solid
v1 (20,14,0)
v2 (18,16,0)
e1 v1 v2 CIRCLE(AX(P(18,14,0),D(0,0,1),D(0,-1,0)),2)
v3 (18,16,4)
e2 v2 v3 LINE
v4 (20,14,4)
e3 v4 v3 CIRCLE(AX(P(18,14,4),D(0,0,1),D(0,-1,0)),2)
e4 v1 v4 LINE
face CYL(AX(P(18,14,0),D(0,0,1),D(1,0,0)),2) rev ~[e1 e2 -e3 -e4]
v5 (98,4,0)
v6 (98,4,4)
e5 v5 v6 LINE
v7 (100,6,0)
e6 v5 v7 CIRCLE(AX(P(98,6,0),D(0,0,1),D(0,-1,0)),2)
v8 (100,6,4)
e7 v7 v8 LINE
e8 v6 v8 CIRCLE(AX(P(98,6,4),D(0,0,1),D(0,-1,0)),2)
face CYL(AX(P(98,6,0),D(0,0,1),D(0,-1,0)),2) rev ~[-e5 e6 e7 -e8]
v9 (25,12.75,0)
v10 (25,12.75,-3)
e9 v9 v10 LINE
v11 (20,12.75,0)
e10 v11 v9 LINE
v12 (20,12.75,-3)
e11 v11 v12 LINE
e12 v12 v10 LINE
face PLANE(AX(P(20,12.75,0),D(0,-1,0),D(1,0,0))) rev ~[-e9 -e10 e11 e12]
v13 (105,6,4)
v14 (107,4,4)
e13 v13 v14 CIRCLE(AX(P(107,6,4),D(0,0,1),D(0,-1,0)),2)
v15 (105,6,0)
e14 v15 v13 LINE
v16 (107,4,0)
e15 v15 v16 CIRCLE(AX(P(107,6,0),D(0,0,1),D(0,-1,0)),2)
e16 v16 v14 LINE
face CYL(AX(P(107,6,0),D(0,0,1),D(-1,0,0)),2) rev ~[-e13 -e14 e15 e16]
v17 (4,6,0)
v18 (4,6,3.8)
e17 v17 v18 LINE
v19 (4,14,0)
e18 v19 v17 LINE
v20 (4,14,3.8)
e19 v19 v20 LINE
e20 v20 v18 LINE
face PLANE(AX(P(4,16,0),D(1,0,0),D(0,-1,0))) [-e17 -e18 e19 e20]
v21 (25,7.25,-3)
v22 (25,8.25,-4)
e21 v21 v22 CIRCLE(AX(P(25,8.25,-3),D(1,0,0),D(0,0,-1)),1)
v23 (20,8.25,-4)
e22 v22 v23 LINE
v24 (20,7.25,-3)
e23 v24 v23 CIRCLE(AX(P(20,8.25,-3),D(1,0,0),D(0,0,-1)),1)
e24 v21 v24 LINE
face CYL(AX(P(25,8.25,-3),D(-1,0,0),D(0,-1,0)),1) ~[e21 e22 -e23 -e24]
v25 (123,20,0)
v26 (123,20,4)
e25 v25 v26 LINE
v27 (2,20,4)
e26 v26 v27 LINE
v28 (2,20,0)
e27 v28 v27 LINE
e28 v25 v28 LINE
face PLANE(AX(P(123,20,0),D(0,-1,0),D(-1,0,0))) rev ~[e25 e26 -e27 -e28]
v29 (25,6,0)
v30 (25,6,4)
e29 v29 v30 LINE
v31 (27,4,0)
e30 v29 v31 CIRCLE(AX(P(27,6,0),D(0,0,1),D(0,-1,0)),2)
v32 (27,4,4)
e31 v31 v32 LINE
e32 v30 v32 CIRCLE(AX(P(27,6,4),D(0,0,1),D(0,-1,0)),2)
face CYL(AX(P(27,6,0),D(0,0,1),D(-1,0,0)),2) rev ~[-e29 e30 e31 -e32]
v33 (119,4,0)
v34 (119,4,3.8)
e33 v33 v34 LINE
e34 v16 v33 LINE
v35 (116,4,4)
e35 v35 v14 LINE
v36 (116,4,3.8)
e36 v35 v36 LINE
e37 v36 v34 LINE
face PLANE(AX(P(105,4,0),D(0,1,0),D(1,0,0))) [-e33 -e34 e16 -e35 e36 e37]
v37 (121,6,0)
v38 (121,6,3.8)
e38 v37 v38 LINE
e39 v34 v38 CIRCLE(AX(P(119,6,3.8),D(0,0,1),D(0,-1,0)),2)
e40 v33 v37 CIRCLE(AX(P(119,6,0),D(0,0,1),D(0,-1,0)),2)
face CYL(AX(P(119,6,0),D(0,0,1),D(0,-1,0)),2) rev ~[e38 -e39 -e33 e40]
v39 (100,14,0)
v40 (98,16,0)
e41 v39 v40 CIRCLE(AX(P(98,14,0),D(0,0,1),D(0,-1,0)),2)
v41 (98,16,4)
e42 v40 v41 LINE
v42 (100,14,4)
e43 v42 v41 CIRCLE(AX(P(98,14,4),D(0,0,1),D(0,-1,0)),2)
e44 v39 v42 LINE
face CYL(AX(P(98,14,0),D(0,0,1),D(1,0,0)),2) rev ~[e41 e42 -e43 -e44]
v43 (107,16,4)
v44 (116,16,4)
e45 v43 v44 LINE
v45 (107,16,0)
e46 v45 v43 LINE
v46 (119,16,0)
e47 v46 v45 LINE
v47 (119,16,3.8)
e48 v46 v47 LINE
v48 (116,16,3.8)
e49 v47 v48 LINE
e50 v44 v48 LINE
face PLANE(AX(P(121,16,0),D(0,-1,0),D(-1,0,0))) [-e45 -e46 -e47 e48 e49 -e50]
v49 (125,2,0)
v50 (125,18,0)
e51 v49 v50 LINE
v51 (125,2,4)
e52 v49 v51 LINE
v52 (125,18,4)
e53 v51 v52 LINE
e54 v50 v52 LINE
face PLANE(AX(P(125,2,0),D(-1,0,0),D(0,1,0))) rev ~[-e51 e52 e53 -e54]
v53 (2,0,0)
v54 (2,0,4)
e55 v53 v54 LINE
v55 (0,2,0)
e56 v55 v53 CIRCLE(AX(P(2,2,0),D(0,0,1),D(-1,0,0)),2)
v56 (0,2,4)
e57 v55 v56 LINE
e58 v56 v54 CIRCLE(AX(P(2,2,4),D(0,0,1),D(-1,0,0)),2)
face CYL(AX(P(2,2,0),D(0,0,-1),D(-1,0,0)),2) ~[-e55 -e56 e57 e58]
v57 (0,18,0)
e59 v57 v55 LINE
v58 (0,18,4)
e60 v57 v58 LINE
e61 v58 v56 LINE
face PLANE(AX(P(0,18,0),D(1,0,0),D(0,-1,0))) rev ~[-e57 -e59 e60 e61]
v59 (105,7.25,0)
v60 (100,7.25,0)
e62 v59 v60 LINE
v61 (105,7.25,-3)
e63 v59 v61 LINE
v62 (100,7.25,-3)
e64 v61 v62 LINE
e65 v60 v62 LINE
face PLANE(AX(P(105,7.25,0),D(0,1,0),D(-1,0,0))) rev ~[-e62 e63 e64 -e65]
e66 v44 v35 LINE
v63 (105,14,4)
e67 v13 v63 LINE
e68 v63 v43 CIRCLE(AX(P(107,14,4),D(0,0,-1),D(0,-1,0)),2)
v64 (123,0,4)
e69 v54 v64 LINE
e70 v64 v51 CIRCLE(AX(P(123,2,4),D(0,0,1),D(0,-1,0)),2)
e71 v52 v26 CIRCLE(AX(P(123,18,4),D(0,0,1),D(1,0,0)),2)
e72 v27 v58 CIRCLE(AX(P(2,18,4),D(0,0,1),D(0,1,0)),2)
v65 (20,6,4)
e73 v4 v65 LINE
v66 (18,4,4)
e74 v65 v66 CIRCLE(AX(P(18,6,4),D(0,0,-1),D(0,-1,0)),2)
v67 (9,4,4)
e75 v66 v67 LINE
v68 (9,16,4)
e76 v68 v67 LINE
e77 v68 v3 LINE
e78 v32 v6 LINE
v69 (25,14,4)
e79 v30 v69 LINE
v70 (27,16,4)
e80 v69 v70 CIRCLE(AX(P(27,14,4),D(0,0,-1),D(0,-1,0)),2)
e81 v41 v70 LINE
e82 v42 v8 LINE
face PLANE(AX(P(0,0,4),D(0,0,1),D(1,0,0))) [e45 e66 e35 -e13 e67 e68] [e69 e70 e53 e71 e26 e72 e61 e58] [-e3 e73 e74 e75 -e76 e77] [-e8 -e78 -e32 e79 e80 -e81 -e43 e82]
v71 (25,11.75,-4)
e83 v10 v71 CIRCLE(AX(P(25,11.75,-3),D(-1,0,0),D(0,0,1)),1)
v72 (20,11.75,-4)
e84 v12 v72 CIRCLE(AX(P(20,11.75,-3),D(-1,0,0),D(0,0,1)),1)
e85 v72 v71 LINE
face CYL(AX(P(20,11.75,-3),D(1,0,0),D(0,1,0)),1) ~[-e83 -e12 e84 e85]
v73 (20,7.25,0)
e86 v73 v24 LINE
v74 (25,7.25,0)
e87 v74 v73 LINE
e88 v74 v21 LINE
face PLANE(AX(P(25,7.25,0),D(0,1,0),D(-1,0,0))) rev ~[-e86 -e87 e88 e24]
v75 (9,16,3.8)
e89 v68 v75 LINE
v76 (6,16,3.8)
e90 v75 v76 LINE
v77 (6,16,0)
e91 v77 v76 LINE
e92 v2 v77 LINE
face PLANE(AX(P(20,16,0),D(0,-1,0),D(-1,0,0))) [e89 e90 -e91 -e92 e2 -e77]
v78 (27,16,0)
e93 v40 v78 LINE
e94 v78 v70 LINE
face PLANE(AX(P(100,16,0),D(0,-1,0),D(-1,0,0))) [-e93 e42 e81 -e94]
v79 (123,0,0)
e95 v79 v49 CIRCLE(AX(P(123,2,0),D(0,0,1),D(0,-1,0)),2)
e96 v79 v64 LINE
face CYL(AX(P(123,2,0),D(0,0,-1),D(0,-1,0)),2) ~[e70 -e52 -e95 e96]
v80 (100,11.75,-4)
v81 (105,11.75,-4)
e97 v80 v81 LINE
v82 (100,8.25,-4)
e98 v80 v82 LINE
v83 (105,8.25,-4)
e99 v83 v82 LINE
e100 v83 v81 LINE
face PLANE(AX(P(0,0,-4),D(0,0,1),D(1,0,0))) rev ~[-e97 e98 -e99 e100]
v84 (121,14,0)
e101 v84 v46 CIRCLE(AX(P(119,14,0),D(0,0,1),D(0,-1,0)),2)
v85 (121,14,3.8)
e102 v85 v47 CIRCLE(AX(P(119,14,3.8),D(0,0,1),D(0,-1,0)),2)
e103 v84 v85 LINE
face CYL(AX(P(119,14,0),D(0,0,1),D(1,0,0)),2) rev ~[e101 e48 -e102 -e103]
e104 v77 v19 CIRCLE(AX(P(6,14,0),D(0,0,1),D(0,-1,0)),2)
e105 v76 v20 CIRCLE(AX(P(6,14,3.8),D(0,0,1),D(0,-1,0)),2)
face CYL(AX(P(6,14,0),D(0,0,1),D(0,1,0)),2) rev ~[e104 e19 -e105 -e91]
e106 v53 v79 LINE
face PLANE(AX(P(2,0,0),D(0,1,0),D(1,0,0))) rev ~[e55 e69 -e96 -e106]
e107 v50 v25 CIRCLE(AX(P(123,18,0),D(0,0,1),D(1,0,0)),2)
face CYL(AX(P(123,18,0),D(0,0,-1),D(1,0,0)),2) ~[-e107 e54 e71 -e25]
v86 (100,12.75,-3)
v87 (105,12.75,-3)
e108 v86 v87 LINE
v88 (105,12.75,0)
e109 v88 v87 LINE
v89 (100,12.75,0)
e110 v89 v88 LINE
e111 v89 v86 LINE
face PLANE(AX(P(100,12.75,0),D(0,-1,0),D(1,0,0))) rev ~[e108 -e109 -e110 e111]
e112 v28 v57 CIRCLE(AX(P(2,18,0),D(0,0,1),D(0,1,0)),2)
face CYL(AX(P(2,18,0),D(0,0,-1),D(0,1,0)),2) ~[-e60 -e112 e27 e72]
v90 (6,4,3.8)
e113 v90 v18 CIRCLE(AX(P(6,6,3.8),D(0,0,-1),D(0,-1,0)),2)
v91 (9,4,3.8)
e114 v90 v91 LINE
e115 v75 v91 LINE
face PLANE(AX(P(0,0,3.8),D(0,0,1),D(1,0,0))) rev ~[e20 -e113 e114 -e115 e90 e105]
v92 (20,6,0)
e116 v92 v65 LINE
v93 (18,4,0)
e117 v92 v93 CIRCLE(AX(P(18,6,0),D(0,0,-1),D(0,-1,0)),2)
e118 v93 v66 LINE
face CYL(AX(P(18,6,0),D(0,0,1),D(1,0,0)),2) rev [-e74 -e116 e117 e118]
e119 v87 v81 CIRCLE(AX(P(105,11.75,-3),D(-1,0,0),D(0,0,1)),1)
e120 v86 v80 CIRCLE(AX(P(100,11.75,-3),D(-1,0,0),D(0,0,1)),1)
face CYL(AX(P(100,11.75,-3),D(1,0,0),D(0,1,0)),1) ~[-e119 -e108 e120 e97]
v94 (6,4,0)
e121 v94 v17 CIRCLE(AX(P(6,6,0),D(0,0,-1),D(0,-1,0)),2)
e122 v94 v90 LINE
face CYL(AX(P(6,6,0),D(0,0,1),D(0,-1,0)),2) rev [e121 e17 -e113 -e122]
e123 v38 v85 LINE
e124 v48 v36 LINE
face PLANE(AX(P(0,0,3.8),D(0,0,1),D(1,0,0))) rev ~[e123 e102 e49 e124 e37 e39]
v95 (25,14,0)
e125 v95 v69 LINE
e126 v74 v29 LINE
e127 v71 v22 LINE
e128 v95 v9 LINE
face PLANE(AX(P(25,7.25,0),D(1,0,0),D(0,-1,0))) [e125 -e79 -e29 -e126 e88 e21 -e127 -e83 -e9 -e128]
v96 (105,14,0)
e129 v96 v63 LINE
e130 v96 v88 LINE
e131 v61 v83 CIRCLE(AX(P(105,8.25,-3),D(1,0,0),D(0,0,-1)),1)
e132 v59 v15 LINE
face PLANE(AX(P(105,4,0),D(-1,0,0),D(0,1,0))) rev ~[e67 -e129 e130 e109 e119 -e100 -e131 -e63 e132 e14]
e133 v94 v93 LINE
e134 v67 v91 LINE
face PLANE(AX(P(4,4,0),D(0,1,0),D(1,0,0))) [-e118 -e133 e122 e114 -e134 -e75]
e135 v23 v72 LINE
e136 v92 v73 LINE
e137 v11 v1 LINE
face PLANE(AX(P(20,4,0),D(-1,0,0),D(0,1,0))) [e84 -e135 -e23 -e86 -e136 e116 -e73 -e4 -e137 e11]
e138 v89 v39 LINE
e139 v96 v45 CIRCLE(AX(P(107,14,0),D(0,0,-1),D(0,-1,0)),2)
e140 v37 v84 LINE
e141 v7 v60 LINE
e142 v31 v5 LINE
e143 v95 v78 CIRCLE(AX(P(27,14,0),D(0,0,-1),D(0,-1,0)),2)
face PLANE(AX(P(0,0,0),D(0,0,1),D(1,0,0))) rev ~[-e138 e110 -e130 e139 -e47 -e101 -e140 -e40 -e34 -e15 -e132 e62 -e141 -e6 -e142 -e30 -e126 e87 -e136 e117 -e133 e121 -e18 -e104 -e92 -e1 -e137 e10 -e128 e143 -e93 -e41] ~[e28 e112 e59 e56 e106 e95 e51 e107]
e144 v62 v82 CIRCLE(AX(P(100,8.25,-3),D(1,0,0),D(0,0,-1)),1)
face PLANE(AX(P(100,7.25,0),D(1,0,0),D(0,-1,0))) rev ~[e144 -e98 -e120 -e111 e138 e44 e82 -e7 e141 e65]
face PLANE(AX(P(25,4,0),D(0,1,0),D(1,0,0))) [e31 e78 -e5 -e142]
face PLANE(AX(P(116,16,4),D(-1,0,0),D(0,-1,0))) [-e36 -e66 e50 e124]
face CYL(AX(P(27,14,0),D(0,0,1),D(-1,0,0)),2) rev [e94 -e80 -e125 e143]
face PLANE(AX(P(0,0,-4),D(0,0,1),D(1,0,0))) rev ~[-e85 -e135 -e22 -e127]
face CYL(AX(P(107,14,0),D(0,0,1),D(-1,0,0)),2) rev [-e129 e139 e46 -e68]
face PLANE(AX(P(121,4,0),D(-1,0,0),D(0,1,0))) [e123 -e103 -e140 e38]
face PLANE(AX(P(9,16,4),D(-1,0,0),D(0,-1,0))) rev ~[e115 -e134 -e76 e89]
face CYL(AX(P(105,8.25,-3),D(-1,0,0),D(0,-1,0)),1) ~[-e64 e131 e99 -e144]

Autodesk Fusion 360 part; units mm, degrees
sketch "Sketch1" plane through (0, 0, 0) normal (0, 0, 1) x (1, 0, 0)
  line L0 (2, 0) -> (123, 0)
  line L1 (125, 2) -> (125, 18)
  line L2 (123, 20) -> (2, 20)
  line L3 (0, 18) -> (0, 2)
  arc A0 (2, 20) -> (0, 18) centre (2, 18) ccw
  arc A1 (0, 2) -> (2, 0) centre (2, 2) ccw
  arc A2 (123, 0) -> (125, 2) centre (123, 2) ccw
  arc A3 (125, 18) -> (123, 20) centre (123, 18) ccw
  line L4 (4, 4) -> (121, 4)
  line L5 (121, 4) -> (121, 16)
  line L6 (121, 16) -> (4, 16)
  line L7 (4, 16) -> (4, 4)
  line L8 (20, 16) -> (25, 16)
  line L9 (25, 16) -> (25, 4)
  line L10 (25, 4) -> (20, 4)
  line L11 (20, 4) -> (20, 16)
  line L12 (62.5, 0) -> (62.5, 20) construction
  line L13 (105, 4) -> (105, 16)
  line L14 (105, 16) -> (100, 16)
  line L15 (100, 4) -> (105, 4)
  line L16 (100, 16) -> (100, 4)
  line L17 (20, 12.75) -> (105, 12.75)
  line L18 (105, 12.75) -> (105, 7.25)
  line L19 (105, 7.25) -> (20, 7.25)
  line L20 (20, 7.25) -> (20, 12.75)
  line L21 (20, 12.75) -> (105, 7.25) construction
  line L22 (105, 12.75) -> (20, 7.25) construction
  line L23 (9, 16) -> (9, 4)
  line L24 (116, 16) -> (116, 4)
  point P0 (125, 0)
  point P1 (0, 20)
  point P2 (62.5, 10)
  dimension "d1" = 125
  dimension "d2" = 20
  dimension "d3" = 2
  dimension "d4" = -4
  dimension "d5" = 5
  dimension "d7" = 80
  dimension "d16" = 5.5
  dimension "d23" = 5
  dimension "d24" = 5
extrude "Extrude1" add sketch "Sketch1" along normal blind 4 contours L0 L1 L2 L3 A0 A1 A2 A3 | L4 L9 L10 L11 L19 | L9 L11 L17 L19 L20 | L6 L8 L9 L11 L17 | L4 L13 L15 L16 L19 | L13 L16 L17 L18 L19 | L6 L13 L14 L16 L17
extrude "Extrude3" add sketch "Sketch1" against normal blind 4 contours L9 L11 L17 L19 L20 | L13 L16 L17 L18 L19
extrude "Extrude4" add sketch "Sketch1" against normal blind 0.2 from surface at 4 contours L4 L6 L7 L23 | L4 L5 L6 L24
fillet "Fillet1" radius 1 4 edges at (22.5, 12.75, -4) (22.5, 7.25, -4) (102.5, 12.75, -4) (102.5, 7.25, -4)
fillet "Fillet2" radius 2 12 edges at (121, 4, 2) (105, 4, 2) (100, 4, 2) (121, 16, 2) (105, 16, 2) (100, 16, 2) (20, 4, 2) (4, 4, 2) (4, 16, 2) (20, 16, 2) (25, 4, 2) (25, 16, 2)
